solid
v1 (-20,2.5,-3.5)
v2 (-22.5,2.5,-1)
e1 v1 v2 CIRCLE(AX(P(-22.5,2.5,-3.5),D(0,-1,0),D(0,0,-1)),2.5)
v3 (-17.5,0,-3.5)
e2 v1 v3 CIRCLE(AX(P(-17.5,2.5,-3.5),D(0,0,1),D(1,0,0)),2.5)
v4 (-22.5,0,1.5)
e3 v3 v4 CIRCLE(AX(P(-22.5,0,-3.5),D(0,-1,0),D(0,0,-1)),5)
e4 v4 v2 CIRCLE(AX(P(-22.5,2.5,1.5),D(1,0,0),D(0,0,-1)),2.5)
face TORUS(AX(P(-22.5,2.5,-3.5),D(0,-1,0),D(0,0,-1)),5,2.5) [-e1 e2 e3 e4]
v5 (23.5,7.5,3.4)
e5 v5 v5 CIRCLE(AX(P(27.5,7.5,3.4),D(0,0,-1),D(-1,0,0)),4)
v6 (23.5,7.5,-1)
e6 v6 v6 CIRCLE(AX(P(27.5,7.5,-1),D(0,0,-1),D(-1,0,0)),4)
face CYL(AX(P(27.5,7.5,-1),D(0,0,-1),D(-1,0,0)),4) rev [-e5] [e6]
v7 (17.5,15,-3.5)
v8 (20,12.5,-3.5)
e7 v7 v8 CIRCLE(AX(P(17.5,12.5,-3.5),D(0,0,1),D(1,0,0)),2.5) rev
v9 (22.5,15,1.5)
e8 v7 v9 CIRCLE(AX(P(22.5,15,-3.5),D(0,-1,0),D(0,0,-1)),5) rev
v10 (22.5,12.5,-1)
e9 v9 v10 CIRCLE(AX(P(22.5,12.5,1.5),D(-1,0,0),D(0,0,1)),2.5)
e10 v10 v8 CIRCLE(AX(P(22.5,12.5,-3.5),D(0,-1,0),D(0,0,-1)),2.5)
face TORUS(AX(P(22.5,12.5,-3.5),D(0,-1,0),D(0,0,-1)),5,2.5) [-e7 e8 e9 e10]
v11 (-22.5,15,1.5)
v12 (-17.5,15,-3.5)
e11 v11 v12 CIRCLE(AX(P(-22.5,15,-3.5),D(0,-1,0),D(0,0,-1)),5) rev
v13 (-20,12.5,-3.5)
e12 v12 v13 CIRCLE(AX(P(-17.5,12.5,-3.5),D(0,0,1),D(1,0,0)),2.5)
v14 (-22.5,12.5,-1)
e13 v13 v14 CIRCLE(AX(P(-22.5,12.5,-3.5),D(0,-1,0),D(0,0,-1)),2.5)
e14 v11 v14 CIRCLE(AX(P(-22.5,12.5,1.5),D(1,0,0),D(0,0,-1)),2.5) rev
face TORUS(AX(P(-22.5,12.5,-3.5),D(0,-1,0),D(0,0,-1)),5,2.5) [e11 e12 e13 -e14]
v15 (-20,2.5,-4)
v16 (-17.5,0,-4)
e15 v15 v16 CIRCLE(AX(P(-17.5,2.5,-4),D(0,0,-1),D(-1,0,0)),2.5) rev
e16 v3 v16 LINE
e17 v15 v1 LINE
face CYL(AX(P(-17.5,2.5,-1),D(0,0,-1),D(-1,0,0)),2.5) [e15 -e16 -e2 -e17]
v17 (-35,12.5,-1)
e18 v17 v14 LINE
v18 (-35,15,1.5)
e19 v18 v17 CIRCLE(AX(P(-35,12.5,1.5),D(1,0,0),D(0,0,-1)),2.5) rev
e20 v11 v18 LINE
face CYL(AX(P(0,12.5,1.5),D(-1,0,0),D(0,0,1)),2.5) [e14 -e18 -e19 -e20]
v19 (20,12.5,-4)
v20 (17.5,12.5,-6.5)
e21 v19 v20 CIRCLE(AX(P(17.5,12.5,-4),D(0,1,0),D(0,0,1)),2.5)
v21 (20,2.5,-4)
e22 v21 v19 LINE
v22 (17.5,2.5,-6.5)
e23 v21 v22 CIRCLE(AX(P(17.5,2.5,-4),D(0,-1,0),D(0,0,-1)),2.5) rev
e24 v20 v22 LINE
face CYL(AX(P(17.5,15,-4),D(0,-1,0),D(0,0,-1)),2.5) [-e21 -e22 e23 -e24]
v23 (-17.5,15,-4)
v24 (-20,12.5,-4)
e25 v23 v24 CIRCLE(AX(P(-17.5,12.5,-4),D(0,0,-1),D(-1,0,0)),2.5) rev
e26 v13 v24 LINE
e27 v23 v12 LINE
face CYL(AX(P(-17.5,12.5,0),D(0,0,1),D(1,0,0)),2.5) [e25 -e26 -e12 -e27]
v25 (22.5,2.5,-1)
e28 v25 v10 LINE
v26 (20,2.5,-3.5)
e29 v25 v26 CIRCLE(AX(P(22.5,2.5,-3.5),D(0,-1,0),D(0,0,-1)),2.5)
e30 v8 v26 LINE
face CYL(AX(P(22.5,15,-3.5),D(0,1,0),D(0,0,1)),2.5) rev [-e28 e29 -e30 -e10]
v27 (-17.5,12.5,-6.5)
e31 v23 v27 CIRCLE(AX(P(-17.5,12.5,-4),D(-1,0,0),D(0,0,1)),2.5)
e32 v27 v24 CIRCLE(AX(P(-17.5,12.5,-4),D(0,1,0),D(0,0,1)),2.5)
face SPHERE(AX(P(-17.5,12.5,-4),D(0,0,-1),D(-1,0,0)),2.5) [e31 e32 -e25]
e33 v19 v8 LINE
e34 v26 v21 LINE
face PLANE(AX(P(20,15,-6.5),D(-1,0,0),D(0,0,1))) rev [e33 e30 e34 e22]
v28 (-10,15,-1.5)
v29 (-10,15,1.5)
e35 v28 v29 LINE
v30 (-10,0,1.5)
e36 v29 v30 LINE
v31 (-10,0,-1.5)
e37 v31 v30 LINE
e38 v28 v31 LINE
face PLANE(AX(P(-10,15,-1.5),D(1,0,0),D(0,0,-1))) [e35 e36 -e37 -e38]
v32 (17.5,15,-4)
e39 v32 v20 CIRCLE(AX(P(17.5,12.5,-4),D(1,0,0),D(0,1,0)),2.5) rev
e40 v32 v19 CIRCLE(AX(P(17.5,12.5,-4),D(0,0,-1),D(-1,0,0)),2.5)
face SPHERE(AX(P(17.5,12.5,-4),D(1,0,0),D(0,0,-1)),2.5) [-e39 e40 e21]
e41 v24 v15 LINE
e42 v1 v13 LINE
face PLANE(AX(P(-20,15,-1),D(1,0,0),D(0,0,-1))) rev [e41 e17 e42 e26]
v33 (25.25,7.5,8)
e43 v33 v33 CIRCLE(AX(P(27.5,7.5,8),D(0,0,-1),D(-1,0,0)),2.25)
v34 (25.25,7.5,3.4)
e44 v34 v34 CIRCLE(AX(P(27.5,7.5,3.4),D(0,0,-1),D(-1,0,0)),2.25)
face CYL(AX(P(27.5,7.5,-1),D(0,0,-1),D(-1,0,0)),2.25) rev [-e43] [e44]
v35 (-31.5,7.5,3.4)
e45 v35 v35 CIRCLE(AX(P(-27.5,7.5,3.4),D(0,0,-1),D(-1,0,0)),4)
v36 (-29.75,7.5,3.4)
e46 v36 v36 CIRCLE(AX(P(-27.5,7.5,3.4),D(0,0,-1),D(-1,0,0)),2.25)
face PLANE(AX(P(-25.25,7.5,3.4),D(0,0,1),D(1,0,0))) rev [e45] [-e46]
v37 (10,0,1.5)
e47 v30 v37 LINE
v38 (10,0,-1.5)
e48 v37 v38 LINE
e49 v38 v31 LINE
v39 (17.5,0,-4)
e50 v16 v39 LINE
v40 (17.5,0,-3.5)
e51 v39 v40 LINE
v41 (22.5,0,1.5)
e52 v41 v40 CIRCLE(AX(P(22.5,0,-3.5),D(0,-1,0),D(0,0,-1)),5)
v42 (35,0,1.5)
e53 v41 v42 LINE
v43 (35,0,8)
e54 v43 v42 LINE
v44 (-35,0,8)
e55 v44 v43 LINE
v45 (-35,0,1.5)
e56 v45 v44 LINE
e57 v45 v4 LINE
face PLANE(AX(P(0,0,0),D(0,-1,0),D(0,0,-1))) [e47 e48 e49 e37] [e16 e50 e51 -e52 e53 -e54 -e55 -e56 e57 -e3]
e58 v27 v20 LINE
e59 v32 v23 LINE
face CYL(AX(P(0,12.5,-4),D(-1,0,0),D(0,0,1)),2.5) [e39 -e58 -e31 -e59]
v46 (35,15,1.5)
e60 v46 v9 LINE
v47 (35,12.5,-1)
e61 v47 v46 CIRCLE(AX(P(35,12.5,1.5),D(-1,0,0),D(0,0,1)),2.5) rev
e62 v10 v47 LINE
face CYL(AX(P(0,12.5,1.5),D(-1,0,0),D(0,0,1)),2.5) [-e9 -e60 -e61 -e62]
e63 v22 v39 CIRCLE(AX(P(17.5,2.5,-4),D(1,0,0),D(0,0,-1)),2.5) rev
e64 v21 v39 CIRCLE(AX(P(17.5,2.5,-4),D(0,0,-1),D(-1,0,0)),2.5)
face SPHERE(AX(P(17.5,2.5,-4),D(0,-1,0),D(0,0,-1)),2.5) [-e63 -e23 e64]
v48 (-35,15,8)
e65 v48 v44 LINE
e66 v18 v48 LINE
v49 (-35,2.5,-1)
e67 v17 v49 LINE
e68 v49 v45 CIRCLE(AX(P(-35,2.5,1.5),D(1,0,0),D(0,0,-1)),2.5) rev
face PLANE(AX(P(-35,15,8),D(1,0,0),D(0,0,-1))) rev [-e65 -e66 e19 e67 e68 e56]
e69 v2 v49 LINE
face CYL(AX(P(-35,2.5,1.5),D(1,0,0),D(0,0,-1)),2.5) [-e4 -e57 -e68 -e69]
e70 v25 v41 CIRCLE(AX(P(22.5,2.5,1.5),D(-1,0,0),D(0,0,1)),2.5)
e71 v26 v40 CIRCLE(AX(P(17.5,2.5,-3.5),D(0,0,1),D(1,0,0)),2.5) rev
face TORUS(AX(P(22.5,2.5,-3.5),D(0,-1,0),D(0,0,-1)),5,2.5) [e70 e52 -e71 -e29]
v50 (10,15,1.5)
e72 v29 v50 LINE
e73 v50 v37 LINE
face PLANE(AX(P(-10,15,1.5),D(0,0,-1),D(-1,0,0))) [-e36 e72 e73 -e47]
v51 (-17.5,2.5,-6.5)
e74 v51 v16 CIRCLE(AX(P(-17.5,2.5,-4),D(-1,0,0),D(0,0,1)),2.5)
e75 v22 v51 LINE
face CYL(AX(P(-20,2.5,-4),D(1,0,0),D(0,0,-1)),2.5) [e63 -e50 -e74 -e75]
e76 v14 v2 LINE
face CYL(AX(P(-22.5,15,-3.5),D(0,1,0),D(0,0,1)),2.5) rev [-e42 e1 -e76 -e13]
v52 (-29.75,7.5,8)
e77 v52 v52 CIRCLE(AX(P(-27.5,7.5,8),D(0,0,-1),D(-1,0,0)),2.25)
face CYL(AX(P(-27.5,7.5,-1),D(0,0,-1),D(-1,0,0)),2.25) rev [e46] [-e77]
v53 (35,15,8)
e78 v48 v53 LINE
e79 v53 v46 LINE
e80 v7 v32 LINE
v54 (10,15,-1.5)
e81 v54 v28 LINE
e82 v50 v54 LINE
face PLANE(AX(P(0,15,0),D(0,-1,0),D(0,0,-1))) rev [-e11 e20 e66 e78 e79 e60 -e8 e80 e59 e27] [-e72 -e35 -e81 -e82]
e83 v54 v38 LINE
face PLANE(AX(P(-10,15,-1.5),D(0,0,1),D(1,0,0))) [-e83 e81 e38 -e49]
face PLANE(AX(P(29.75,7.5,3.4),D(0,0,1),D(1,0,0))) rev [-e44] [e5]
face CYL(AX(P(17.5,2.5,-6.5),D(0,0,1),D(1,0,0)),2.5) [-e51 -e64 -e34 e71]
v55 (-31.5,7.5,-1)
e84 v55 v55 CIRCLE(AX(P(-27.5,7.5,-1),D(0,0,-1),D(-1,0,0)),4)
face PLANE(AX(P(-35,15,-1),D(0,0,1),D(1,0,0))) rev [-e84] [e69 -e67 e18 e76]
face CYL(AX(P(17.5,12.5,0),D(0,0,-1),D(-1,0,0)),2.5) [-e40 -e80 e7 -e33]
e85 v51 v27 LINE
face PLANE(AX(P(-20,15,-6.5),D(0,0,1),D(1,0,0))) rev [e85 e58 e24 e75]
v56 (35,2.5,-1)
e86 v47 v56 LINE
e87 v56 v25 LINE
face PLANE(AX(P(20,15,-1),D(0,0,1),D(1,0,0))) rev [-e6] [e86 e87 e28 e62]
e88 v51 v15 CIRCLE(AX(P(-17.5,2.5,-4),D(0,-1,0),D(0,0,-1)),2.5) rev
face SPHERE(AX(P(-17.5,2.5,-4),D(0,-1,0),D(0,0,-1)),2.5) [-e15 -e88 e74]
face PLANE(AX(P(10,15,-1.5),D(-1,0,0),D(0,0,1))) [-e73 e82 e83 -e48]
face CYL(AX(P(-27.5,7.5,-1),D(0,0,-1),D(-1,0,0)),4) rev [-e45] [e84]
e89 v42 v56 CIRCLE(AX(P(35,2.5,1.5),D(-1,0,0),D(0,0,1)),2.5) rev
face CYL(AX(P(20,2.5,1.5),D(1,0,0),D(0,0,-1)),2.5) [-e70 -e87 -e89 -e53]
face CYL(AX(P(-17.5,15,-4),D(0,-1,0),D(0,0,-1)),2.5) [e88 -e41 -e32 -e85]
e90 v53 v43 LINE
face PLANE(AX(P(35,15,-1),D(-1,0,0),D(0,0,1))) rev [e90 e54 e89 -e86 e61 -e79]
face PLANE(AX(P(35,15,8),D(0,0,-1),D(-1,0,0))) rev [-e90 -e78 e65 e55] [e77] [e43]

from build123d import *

# Parameters (mm, degrees)
SKETCH1_W                                           = 20
SKETCH1_H                                           = 3
BOSS_EXTRUDE1_DEPTH                                 = 15
CBORE_FOR_M4_HEX_SOCKET_HEAD_CAP_SCREW1_D           = 4.5
CBORE_FOR_M4_HEX_SOCKET_HEAD_CAP_SCREW1_CBORE_D     = 8
CBORE_FOR_M4_HEX_SOCKET_HEAD_CAP_SCREW1_CBORE_DEPTH = 4.4
FILLET1_R                                           = 2.5


with BuildPart() as part:
    # Sketch1 → Boss-Extrude1 (new body)
    with BuildSketch(Plane(origin=(0, 0, 0), x_dir=(1, 0, 0), z_dir=(0, 1, 0))):
        Polygon((-20, 6.5), (20, 6.5), (20, 1), (35, 1), (35, -8), (-35, -8), (-35, 1), (-20, 1), align=None)
        Rectangle(SKETCH1_W, SKETCH1_H, mode=Mode.SUBTRACT)
    extrude(amount=BOSS_EXTRUDE1_DEPTH)

    # CBORE for M4 Hex Socket Head Cap Screw1 (through all)
    with Locations(Plane(origin=(27.5, 7.5, -1), x_dir=(-1, 0, 0), z_dir=(0, 0, -1))):
        with Locations((0, 0), (55, 0)):
            CounterBoreHole(CBORE_FOR_M4_HEX_SOCKET_HEAD_CAP_SCREW1_D / 2, CBORE_FOR_M4_HEX_SOCKET_HEAD_CAP_SCREW1_CBORE_D / 2, CBORE_FOR_M4_HEX_SOCKET_HEAD_CAP_SCREW1_CBORE_DEPTH)

    # Fillet1
    fillet1_edges = [part.edges().sort_by_distance(p)[0] for p in [
        (-27.5, 0, -1),
        (-20, 0, -3.75),
        (-20, 7.5, -6.5),
        (20, 7.5, -6.5),
        (20, 7.5, -1),
        (-20, 7.5, -1),
        (27.5, 15, -1),
        (20, 15, -3.75),
        (0, 15, -6.5),
        (-20, 15, -3.75),
        (0, 0, -6.5),
        (-27.5, 15, -1),
        (20, 0, -3.75),
        (27.5, 0, -1),
    ]]
    fillet(fillet1_edges, radius=FILLET1_R)


solid = part.part
